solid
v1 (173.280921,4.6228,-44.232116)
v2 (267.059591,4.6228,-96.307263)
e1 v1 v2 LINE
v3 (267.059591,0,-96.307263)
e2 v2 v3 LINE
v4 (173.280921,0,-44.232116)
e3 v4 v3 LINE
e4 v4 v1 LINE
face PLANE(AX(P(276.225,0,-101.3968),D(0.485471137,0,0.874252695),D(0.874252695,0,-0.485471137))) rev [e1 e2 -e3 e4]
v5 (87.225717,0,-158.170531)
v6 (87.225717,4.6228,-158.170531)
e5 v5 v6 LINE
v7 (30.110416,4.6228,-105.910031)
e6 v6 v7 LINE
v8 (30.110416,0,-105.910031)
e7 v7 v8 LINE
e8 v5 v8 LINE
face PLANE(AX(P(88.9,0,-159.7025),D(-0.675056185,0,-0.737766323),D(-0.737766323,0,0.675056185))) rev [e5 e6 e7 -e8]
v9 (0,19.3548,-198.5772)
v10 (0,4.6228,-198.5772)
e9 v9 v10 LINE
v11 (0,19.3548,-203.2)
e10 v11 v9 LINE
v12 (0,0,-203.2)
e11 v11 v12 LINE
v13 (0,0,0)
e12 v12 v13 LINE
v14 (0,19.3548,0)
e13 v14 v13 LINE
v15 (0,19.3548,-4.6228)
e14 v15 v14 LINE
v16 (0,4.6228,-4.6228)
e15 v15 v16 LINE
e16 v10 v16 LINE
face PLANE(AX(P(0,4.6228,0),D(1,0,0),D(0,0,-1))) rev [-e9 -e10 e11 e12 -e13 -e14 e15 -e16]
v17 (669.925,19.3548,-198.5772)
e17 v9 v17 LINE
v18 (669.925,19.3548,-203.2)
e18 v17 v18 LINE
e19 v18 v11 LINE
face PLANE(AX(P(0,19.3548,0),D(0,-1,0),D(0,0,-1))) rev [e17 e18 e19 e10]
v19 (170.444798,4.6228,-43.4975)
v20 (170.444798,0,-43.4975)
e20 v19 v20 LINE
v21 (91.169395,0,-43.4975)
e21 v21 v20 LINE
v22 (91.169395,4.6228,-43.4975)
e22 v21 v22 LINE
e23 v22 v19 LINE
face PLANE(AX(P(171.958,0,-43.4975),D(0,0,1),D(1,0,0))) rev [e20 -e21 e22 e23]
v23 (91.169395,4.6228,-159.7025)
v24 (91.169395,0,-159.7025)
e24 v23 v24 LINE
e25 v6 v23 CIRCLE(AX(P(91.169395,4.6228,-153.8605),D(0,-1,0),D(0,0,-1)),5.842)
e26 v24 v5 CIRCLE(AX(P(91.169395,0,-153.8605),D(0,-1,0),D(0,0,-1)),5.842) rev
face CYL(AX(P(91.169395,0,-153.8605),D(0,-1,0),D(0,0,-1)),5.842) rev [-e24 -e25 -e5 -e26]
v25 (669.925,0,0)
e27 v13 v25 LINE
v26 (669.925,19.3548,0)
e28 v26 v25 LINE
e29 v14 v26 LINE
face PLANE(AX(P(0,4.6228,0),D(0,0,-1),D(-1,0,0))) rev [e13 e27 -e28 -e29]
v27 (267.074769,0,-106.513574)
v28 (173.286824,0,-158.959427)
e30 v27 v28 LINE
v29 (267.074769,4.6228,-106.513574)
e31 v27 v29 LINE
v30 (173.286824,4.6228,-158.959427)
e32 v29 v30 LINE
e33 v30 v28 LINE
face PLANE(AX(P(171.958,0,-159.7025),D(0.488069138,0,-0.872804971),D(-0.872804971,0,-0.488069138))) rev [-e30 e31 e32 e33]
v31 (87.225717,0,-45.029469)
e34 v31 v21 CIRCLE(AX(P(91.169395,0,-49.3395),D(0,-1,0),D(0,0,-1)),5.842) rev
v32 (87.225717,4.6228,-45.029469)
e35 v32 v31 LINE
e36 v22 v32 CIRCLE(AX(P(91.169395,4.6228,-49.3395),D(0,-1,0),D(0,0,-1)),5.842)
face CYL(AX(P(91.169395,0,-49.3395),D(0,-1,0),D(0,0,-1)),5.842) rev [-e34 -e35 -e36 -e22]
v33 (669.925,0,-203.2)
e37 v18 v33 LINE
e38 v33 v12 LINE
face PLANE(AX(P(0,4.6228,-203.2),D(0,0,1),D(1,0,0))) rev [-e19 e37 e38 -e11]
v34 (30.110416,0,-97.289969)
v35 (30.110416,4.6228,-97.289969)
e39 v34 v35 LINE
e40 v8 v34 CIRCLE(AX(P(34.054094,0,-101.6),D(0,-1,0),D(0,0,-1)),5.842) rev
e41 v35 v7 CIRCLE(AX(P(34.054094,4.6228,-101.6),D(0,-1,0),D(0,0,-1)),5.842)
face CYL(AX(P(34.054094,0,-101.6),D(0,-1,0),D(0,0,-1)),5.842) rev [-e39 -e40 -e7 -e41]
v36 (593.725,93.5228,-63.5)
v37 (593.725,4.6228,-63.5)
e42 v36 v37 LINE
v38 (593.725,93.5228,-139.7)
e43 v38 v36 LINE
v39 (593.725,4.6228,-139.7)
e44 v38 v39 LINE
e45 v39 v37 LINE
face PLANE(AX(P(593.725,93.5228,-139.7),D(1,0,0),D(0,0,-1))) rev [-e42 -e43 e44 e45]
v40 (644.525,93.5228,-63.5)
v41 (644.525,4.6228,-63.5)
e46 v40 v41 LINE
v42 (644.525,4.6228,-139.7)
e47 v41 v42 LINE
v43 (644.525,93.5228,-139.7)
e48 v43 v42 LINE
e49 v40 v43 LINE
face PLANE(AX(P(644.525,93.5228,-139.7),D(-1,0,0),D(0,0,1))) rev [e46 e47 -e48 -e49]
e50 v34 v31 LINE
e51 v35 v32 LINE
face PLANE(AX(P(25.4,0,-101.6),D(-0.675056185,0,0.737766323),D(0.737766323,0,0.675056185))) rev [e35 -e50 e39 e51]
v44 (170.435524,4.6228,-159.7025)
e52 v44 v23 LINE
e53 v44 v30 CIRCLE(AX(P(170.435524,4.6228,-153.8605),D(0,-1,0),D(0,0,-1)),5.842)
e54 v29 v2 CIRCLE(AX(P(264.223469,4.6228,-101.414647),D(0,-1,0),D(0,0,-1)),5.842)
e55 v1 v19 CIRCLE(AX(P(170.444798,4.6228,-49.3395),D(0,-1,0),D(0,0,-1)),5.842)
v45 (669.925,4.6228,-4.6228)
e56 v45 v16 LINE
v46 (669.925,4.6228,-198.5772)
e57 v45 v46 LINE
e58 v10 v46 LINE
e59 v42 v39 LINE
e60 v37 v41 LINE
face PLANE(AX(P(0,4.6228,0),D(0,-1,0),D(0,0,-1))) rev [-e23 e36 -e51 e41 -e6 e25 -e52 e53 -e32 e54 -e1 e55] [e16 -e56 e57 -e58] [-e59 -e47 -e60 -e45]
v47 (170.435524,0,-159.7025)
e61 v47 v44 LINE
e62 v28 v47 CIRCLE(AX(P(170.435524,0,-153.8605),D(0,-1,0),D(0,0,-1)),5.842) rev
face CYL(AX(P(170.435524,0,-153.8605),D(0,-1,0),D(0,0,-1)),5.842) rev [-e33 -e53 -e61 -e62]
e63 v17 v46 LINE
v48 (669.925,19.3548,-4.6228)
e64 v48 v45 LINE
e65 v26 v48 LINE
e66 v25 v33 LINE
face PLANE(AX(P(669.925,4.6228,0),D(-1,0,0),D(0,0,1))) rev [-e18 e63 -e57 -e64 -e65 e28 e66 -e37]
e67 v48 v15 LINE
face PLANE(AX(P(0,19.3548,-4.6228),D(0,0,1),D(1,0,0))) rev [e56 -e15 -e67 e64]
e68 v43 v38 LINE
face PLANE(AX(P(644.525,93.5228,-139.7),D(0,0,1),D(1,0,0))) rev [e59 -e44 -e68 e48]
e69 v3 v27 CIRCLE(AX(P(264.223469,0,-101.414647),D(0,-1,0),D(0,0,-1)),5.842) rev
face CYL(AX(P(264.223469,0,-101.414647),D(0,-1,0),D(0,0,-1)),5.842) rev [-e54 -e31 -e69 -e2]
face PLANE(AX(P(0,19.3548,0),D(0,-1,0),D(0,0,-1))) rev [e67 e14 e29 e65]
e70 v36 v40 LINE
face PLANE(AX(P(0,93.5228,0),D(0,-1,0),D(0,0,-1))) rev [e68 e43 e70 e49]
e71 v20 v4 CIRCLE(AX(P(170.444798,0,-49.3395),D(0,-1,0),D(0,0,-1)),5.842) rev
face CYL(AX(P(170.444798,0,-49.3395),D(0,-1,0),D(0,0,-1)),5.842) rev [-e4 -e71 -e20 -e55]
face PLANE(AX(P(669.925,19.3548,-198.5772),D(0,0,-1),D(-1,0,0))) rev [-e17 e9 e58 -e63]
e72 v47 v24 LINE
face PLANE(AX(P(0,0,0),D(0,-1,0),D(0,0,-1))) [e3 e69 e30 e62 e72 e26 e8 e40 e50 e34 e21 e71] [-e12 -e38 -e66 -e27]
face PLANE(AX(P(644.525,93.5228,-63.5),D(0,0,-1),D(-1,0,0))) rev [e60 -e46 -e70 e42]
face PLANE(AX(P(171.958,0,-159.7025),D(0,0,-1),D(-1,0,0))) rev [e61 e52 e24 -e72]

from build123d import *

# Parameters (mm, degrees)
SKETCH1_W           = 669.925
SKETCH1_H           = 203.2
BOSS_EXTRUDE1_DEPTH = 4.6228
SKETCH2_W           = 669.925
SKETCH2_H           = 4.6228
BOSS_EXTRUDE2_DEPTH = 14.732
CUT_EXTRUDE1_DEPTH  = 5.6228
FILLET1_R           = 5.842
SKETCH4_W           = 50.8
SKETCH4_H           = 76.2
BOSS_EXTRUDE3_DEPTH = 88.9


with BuildPart() as part:
    # Sketch1 → Boss-Extrude1 (new body)
    with BuildSketch(Plane(origin=(0, 0, 0), x_dir=(1, 0, 0), z_dir=(0, 1, 0))):
        with Locations((334.9625, 101.6)):
            Rectangle(SKETCH1_W, SKETCH1_H)
    extrude(amount=BOSS_EXTRUDE1_DEPTH)

    # Sketch2 → Boss-Extrude2 (add)
    with BuildSketch(Plane(origin=(0, 4.6228, 0), x_dir=(1, 0, 0), z_dir=(0, 1, 0))):
        with Locations((334.9625, 2.3114)):
            Rectangle(SKETCH2_W, SKETCH2_H)
        with Locations((334.9625, 200.8886)):
            Rectangle(SKETCH2_W, SKETCH2_H)
    extrude(amount=BOSS_EXTRUDE2_DEPTH)

    # Sketch3 → Cut-Extrude1 (cut, through all)
    with BuildSketch(Plane(origin=(0, 4.6228, 0), x_dir=(1, 0, 0), z_dir=(0, 1, 0))):
        Polygon((171.958, 43.4975), (88.9, 43.4975), (25.4, 101.6), (88.9, 159.7025), (171.958, 159.7025), (276.225, 101.3968), align=None)
    extrude(amount=-CUT_EXTRUDE1_DEPTH, mode=Mode.SUBTRACT)

    # Fillet1
    fillet1_edges = [part.edges().sort_by_distance(p)[0] for p in [
        (171.958, 2.3114, -159.7025),
        (276.225, 2.3114, -101.3968),
        (171.958, 2.3114, -43.4975),
        (88.9, 2.3114, -43.4975),
        (25.4, 2.3114, -101.6),
        (88.9, 2.3114, -159.7025),
    ]]
    fillet(fillet1_edges, radius=FILLET1_R)

    # Sketch4 → Boss-Extrude3 (add)
    with BuildSketch(Plane(origin=(0, 4.6228, 0), x_dir=(1, 0, 0), z_dir=(0, 1, 0))):
        with Locations((619.125, 101.6)):
            Rectangle(SKETCH4_W, SKETCH4_H)
    extrude(amount=BOSS_EXTRUDE3_DEPTH)


solid = part.part
